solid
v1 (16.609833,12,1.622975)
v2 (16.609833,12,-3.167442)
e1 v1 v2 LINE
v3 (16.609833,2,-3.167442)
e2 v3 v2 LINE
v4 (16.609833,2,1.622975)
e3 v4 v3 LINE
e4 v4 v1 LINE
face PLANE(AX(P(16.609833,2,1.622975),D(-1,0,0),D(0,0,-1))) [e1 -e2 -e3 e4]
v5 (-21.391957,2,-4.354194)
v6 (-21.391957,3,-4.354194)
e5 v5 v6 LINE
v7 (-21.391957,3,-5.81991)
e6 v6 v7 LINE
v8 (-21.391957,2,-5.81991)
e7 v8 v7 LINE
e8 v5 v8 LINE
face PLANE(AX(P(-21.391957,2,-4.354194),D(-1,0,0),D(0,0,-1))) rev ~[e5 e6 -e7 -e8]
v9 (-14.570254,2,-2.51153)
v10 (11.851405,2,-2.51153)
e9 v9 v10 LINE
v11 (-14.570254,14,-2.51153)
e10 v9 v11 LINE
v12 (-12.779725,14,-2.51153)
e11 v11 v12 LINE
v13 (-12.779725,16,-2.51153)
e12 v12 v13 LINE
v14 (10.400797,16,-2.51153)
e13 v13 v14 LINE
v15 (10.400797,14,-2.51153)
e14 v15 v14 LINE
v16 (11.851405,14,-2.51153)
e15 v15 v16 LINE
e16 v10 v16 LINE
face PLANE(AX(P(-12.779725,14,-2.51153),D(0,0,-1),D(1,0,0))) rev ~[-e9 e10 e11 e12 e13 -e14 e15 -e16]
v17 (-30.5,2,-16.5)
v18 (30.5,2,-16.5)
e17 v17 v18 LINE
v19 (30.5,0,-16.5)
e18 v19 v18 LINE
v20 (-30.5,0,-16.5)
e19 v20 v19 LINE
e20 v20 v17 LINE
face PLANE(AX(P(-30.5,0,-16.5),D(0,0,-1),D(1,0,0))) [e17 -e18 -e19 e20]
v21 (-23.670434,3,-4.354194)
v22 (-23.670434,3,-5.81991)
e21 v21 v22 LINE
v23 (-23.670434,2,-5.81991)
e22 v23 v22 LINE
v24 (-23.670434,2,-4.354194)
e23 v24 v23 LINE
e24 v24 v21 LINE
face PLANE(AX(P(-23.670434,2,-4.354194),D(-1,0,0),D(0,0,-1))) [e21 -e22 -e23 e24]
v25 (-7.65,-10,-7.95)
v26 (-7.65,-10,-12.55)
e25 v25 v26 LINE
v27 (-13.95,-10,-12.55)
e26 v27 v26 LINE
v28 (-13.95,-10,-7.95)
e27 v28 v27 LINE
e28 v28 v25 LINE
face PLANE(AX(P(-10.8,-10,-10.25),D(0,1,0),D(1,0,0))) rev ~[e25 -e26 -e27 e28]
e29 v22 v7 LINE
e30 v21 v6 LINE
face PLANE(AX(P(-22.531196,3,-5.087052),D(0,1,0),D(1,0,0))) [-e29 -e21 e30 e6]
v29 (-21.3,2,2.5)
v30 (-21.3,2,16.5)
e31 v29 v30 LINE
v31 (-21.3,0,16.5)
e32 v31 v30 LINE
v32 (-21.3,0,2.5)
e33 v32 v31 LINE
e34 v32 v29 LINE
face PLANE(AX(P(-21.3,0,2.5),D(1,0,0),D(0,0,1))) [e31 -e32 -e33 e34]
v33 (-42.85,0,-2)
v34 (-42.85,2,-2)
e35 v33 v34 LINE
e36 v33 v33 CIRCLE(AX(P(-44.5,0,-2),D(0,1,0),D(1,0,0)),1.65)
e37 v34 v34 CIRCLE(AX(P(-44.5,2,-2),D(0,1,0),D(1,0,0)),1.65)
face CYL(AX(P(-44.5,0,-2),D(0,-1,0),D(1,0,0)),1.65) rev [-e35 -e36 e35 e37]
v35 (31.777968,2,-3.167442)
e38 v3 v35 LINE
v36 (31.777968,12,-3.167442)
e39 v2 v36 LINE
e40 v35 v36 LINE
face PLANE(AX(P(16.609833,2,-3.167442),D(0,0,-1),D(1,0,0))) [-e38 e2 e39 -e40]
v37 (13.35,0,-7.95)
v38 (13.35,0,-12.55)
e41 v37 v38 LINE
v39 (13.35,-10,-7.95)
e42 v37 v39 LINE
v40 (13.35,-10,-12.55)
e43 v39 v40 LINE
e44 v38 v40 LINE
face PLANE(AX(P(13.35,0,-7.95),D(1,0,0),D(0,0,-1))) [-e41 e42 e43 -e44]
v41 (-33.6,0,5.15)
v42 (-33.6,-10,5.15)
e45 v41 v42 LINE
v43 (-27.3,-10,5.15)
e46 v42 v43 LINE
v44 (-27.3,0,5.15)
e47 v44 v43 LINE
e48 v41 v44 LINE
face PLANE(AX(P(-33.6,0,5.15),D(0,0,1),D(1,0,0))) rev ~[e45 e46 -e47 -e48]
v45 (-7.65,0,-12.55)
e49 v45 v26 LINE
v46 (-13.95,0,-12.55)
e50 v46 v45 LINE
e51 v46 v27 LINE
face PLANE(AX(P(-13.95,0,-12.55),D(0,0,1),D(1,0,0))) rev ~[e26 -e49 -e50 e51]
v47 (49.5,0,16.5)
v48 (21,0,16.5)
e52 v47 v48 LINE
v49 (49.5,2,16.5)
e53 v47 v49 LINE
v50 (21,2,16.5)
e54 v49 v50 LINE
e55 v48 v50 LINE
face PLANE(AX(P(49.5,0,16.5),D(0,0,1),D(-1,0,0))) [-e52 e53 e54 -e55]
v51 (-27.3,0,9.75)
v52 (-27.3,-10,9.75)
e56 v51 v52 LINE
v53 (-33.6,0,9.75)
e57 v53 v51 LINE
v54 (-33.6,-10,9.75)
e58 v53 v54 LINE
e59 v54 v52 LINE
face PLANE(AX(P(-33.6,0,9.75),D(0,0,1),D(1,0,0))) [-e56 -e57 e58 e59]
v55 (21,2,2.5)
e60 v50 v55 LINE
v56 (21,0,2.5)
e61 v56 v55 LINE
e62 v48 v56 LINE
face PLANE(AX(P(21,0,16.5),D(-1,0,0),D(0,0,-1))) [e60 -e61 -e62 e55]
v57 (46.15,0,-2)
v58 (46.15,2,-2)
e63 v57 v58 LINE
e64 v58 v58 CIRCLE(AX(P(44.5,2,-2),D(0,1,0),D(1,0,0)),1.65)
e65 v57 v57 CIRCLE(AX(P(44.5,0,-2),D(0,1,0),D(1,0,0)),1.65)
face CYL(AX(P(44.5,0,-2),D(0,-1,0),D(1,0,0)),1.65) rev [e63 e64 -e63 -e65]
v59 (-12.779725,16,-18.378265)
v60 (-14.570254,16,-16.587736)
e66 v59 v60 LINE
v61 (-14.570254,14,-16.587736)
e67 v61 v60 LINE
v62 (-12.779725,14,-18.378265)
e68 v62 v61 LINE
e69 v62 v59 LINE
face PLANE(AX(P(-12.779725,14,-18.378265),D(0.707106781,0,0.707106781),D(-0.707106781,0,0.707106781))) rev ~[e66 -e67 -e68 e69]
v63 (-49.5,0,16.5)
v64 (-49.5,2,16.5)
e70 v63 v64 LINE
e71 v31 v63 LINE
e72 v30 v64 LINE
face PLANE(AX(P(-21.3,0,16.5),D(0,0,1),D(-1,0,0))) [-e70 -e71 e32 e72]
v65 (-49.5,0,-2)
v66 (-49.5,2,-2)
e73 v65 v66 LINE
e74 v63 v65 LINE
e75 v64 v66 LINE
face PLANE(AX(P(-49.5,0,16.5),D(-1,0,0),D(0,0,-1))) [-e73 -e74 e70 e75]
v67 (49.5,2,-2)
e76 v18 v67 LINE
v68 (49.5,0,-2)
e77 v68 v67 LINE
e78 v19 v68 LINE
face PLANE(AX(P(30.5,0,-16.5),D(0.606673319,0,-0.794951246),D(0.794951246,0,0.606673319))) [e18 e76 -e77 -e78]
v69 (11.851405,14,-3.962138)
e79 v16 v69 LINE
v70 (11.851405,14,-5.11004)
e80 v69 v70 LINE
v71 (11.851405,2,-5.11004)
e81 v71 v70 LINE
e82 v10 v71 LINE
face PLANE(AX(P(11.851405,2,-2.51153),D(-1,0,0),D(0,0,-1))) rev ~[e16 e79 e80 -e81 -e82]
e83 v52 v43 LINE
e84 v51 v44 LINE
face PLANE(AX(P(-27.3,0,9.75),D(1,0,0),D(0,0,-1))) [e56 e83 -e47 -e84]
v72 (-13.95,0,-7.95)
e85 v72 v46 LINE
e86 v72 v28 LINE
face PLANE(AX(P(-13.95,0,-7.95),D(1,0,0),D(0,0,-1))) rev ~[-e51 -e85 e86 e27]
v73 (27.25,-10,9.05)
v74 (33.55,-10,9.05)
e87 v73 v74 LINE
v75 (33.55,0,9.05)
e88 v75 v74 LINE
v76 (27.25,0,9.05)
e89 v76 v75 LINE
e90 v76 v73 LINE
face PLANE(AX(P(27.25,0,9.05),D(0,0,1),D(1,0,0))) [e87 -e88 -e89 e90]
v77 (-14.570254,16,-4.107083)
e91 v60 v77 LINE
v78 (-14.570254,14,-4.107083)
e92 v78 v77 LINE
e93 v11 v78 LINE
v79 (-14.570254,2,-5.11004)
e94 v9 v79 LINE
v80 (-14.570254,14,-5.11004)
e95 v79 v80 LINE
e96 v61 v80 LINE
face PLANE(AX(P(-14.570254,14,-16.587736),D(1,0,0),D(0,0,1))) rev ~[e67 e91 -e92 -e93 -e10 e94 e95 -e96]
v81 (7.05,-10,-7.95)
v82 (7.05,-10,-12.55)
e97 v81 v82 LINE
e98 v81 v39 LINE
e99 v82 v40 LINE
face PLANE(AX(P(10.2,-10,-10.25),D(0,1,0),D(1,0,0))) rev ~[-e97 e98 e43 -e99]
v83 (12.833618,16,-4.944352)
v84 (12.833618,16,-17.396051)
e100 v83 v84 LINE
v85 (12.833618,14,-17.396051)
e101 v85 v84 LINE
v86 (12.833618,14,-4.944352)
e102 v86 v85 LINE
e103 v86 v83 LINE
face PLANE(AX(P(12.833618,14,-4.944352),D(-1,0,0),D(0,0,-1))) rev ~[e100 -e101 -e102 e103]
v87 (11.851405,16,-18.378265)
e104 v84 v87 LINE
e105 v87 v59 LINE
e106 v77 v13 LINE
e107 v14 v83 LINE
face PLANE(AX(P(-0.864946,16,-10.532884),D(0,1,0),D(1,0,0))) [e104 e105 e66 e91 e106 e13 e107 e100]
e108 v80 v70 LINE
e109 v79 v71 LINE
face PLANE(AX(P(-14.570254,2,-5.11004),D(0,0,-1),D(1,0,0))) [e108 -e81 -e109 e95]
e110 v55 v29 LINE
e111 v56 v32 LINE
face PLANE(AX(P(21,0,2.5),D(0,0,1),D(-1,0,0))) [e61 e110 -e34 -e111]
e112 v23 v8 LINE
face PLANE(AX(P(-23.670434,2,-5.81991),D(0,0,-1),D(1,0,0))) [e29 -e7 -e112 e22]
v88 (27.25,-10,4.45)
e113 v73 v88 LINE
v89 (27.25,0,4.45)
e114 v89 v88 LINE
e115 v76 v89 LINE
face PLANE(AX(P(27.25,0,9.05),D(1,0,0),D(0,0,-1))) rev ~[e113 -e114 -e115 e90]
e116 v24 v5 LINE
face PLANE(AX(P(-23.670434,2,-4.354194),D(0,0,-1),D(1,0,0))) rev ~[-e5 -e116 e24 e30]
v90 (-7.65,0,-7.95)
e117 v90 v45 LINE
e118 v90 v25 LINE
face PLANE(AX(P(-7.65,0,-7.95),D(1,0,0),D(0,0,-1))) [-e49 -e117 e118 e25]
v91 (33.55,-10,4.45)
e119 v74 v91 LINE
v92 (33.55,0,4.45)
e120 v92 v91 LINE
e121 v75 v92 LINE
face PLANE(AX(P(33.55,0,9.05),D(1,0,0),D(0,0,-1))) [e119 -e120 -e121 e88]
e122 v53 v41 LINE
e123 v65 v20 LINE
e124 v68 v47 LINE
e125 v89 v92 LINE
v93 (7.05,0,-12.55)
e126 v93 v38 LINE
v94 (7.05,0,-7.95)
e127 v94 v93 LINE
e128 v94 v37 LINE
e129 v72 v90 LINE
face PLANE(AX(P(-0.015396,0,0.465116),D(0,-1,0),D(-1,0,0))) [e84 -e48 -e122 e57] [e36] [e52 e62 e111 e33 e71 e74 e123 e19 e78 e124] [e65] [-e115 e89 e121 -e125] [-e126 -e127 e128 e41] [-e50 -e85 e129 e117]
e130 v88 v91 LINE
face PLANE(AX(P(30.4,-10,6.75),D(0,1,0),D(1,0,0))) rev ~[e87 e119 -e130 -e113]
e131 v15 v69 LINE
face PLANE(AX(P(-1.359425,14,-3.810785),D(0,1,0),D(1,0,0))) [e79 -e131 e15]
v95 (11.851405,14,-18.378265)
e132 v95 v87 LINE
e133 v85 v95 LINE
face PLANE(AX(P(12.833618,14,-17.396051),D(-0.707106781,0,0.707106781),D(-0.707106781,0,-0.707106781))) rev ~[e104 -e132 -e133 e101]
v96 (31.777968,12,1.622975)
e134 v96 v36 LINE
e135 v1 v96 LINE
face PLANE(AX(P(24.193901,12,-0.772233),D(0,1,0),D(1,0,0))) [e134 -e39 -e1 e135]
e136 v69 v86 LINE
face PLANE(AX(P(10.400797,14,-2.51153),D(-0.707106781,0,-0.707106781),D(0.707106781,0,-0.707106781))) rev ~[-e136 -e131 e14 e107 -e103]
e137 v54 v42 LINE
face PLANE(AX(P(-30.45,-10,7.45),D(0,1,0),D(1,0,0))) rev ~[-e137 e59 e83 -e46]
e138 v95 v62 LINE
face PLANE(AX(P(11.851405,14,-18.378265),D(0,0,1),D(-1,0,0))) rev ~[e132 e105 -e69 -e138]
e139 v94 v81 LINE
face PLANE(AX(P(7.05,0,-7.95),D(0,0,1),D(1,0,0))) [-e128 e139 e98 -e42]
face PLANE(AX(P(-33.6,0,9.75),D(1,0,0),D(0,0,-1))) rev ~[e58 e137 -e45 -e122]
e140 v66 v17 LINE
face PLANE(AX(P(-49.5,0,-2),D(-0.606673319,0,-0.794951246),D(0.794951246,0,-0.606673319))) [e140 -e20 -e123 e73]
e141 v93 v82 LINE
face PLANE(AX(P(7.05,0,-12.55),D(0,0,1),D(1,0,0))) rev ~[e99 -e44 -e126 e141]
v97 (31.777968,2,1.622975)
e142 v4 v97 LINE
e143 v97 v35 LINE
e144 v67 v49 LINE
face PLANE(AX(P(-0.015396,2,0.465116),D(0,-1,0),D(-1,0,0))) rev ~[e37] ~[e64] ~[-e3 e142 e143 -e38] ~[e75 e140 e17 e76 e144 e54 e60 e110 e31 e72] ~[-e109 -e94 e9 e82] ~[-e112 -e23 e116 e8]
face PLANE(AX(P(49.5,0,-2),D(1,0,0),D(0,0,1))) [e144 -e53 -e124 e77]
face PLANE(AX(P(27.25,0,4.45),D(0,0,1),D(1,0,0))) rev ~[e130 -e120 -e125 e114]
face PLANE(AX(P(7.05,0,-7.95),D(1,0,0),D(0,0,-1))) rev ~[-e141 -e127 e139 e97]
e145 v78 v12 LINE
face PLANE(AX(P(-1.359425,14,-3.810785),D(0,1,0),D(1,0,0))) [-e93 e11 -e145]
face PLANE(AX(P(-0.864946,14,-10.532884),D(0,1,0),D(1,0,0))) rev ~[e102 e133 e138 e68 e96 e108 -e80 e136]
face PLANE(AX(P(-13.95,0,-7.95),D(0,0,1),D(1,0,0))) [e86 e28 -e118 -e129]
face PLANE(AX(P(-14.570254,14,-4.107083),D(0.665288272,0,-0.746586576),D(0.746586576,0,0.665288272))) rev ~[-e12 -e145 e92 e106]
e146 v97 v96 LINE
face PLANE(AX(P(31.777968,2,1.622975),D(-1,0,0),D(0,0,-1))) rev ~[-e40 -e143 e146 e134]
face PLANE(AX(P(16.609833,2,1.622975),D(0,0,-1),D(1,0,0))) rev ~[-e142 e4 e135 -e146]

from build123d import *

# Parameters (mm, degrees)
ESBO_O1_R                = 1.65
RESSALTO_EXTRUS_O1_DEPTH = 2
ESBO_O1_3_W              = 6.3
ESBO_O1_3_H              = 4.6
RESSALTO_EXTRUS_O2_DEPTH = 10
ESBO_O2_W                = 26.421659043
ESBO_O2_H                = 2.598510054
RESSALTO_EXTRUS_O3_DEPTH = 12
RESSALTO_EXTRUS_O4_DEPTH = 2
ESBO_O4_W                = 15.168134441
ESBO_O4_H                = 4.790416537
RESSALTO_EXTRUS_O5_DEPTH = 10
ESBO_O5_W                = 2.278476724
ESBO_O5_H                = 1.465715939
RESSALTO_EXTRUS_O6_DEPTH = 1


with BuildPart() as part:
    # Esboço1 → Ressalto-extrusão1 (new body)
    with BuildSketch(Plane(origin=(0, 0, 0), x_dir=(1, 0, 0), z_dir=(0, 1, 0))):
        Polygon((-49.5, 2), (-30.5, 16.5), (30.5, 16.5), (49.5, 2), (49.5, -16.5), (21, -16.5), (21, -2.5), (-21.3, -2.5), (-21.3, -16.5), (-49.5, -16.5), align=None)
        with Locations((-44.5, 2)):
            Circle(ESBO_O1_R, mode=Mode.SUBTRACT)
        with Locations((44.5, 2)):
            Circle(ESBO_O1_R, mode=Mode.SUBTRACT)
    extrude(amount=RESSALTO_EXTRUS_O1_DEPTH)

    # Esboço1<3> → Ressalto-extrusão2 (add)
    with BuildSketch(Plane(origin=(0, 0, 0), x_dir=(1, 0, 0), z_dir=(0, 1, 0))):
        with Locations((-30.45, -7.45)):
            Rectangle(ESBO_O1_3_W, ESBO_O1_3_H)
        with Locations((-10.8, 10.25)):
            Rectangle(ESBO_O1_3_W, ESBO_O1_3_H)
        with Locations((10.2, 10.25)):
            Rectangle(ESBO_O1_3_W, ESBO_O1_3_H)
        with Locations((30.4, -6.75)):
            Rectangle(ESBO_O1_3_W, ESBO_O1_3_H)
    extrude(amount=-RESSALTO_EXTRUS_O2_DEPTH)

    # Esboço2 → Ressalto-extrusão3 (add)
    with BuildSketch(Plane(origin=(0, 2, 0), x_dir=(1, 0, 0), z_dir=(0, 1, 0))):
        with Locations((-1.359424961, 3.810785195)):
            Rectangle(ESBO_O2_W, ESBO_O2_H)
    extrude(amount=RESSALTO_EXTRUS_O3_DEPTH)

    # Esboço3 → Ressalto-extrusão4 (add)
    with BuildSketch(Plane(origin=(0, 14, 0), x_dir=(1, 0, 0), z_dir=(0, 1, 0))):
        Polygon((-12.779725254, 2.511530168), (10.40079667, 2.511530168), (12.833618236, 4.944351733), (12.833618236, 17.396051346), (11.851404561, 18.378265021), (-12.779725254, 18.378265021), (-14.570254482, 16.587735794), (-14.570254482, 4.107082692), align=None)
    extrude(amount=RESSALTO_EXTRUS_O4_DEPTH)

    # Esboço4 → Ressalto-extrusão5 (add)
    with BuildSketch(Plane(origin=(0, 2, 0), x_dir=(1, 0, 0), z_dir=(0, 1, 0))):
        with Locations((24.193900659, 0.772233303)):
            Rectangle(ESBO_O4_W, ESBO_O4_H)
    extrude(amount=RESSALTO_EXTRUS_O5_DEPTH)

    # Esboço5 → Ressalto-extrusão6 (add)
    with BuildSketch(Plane(origin=(0, 2, 0), x_dir=(1, 0, 0), z_dir=(0, 1, 0))):
        with Locations((-22.531195516, 5.087051721)):
            Rectangle(ESBO_O5_W, ESBO_O5_H)
    extrude(amount=RESSALTO_EXTRUS_O6_DEPTH)


solid = part.part
